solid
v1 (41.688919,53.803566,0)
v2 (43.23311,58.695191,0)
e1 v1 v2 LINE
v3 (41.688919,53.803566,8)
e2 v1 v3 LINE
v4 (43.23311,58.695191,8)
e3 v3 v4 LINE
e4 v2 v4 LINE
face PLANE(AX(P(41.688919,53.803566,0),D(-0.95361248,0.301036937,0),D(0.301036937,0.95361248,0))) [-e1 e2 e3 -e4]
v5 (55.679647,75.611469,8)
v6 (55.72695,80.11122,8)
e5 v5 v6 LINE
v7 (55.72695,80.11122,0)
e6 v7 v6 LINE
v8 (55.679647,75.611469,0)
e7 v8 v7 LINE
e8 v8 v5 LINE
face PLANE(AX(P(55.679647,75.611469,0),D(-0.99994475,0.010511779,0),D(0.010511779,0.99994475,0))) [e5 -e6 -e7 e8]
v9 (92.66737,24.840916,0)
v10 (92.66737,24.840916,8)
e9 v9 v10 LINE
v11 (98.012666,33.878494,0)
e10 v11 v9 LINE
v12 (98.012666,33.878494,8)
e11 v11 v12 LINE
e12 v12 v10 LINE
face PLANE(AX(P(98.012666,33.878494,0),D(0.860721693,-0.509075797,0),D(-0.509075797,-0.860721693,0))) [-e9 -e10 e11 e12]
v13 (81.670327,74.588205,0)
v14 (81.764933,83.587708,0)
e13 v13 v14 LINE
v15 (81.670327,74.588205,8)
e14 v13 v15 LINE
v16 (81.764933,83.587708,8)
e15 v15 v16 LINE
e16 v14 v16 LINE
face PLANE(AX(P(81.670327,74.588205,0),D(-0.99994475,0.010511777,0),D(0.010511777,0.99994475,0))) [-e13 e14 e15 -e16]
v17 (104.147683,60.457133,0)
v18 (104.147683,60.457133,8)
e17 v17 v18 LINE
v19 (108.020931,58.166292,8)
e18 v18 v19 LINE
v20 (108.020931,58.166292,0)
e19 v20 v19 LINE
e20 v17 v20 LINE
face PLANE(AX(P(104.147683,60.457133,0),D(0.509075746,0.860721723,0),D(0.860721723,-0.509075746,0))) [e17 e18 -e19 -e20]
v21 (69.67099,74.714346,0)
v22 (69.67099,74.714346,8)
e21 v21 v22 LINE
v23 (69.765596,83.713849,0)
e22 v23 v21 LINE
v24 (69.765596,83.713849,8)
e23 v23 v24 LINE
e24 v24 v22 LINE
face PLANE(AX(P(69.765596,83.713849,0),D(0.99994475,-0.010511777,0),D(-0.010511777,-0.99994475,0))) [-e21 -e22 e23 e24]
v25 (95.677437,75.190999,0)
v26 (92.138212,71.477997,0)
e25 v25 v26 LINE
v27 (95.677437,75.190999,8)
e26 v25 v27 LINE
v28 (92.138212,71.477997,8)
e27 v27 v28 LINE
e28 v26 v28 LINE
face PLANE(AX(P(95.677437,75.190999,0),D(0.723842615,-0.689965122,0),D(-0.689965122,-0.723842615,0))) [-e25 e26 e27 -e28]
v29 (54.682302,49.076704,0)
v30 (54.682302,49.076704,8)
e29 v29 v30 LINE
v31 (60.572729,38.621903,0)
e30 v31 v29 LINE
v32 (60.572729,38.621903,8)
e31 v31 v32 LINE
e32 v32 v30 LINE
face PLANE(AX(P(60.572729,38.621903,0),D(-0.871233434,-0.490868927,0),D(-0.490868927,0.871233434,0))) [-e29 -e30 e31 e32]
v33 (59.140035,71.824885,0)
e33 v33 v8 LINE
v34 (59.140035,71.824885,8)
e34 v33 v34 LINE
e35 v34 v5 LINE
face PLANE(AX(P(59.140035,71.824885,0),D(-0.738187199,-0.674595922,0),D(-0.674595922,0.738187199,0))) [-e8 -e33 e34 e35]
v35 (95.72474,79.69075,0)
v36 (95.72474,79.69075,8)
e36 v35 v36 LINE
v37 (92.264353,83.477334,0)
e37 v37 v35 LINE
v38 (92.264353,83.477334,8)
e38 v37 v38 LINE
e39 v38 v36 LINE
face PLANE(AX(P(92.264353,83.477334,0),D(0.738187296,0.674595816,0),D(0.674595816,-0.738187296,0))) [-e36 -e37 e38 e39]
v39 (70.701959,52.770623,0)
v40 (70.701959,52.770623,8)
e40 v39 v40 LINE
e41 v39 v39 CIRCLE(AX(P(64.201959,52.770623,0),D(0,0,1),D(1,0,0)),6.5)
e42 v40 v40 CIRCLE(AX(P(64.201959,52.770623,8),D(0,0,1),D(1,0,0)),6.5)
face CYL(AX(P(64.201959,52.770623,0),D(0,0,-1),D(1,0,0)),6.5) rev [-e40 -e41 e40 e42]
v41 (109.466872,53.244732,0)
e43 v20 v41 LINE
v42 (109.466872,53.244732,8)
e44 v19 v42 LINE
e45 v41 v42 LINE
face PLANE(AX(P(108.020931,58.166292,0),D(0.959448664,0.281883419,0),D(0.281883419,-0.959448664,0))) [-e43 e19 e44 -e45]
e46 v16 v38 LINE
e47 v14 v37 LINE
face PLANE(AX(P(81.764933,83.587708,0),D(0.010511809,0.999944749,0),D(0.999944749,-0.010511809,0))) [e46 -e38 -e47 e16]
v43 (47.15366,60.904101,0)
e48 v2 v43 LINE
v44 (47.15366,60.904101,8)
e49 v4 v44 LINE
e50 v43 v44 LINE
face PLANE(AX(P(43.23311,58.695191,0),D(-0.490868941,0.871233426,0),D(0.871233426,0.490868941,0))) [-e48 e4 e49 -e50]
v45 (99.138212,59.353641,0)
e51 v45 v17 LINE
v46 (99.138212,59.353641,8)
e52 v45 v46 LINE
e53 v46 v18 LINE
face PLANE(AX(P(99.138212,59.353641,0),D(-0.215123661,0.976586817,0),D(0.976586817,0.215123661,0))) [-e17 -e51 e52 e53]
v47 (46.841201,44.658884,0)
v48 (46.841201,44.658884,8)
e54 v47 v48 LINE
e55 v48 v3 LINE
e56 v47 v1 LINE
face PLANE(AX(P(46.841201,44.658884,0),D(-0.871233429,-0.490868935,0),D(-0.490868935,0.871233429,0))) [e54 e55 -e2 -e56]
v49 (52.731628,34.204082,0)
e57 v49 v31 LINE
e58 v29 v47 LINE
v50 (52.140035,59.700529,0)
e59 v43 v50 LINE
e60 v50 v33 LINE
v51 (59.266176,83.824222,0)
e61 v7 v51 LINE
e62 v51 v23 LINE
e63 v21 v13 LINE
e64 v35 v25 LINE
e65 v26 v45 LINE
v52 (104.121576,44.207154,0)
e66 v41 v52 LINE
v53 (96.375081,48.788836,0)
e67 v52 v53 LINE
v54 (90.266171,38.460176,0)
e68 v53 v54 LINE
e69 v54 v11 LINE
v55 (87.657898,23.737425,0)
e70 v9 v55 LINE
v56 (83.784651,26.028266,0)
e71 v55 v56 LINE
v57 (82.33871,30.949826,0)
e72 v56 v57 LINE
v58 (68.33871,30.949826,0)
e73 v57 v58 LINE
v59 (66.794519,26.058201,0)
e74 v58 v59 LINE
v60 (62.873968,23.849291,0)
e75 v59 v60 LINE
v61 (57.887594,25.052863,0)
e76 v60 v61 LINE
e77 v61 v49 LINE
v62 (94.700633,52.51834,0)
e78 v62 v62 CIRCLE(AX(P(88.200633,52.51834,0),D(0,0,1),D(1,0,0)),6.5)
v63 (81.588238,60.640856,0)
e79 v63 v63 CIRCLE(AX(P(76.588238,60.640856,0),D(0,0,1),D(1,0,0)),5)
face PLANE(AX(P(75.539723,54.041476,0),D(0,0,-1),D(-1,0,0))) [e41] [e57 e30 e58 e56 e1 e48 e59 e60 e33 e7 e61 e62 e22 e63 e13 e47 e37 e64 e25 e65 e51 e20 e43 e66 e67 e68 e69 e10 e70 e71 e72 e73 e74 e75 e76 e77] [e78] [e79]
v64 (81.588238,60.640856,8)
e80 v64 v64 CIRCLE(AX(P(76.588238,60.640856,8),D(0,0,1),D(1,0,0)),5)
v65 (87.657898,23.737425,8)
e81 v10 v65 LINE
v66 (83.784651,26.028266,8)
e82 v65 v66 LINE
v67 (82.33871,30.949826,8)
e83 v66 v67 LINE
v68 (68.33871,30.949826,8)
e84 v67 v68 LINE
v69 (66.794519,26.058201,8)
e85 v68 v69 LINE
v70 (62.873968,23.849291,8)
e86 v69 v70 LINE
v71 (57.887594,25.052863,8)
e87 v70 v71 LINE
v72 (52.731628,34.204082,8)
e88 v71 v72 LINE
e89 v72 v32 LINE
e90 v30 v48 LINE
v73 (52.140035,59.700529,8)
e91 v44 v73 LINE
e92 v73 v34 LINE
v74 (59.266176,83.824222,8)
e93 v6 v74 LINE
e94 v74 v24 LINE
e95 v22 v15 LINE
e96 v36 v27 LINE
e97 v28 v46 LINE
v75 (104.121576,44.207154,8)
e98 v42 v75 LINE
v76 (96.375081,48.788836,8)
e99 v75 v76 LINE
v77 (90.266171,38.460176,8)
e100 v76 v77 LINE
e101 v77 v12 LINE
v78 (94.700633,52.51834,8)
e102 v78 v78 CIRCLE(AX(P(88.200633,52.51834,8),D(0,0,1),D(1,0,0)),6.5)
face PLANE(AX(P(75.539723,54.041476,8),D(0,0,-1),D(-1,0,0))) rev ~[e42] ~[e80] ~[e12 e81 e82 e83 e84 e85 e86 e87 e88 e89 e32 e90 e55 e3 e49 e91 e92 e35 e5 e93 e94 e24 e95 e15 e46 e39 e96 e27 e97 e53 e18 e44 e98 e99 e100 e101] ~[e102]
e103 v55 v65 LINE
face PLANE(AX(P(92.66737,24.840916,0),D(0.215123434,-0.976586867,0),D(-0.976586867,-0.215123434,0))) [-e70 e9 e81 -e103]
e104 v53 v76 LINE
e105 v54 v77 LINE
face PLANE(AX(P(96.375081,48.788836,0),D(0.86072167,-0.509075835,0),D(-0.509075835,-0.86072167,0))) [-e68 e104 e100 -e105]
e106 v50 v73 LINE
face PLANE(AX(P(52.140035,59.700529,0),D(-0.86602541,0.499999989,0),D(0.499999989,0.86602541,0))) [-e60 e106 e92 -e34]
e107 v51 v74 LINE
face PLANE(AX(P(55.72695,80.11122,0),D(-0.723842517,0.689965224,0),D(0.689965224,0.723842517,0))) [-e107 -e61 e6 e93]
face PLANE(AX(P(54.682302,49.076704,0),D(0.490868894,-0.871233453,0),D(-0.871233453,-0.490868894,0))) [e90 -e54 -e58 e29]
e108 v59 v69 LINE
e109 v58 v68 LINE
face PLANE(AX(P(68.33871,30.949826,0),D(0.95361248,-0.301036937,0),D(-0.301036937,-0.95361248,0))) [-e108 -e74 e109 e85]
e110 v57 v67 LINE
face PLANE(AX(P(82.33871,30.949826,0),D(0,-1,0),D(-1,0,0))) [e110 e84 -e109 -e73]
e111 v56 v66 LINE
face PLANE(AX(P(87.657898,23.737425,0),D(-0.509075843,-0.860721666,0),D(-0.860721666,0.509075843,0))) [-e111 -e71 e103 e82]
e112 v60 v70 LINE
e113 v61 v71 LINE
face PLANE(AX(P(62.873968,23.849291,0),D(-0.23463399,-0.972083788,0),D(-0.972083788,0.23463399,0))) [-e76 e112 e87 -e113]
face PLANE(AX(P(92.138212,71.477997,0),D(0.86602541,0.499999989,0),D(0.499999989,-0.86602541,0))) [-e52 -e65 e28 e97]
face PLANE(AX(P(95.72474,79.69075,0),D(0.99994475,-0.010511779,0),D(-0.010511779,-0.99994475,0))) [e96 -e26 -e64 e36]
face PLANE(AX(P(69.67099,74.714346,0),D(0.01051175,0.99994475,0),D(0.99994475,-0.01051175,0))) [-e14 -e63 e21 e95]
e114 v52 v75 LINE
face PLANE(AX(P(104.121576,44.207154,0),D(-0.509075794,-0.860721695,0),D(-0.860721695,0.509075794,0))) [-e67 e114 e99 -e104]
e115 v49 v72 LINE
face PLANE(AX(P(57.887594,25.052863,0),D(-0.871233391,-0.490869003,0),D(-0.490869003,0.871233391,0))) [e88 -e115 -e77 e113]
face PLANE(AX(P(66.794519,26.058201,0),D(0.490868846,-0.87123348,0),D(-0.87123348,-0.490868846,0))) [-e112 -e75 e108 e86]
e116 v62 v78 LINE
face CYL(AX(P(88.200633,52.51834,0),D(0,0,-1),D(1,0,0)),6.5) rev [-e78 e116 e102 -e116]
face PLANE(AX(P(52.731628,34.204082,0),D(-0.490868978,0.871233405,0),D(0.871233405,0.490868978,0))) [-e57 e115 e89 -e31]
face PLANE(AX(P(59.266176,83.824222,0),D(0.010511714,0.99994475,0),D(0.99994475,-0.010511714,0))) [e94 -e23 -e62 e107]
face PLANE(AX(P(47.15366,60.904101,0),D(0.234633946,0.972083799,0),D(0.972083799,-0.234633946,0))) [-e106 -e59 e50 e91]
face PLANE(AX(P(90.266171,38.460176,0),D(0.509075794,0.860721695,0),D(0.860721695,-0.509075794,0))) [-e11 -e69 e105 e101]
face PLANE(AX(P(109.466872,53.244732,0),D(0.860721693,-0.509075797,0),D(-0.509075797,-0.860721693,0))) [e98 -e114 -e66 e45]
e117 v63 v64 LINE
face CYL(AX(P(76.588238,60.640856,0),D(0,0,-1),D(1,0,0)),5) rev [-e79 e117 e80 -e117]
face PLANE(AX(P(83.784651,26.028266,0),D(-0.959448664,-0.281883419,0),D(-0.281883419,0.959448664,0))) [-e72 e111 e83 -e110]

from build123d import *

# Parameters (mm, degrees)
SKETCH_R      = 5
SKETCH_R_2    = 6.5
EXTRUDE_DEPTH = 8


with BuildPart() as part:
    # Sketch → Extrude (new body)
    with BuildSketch(Plane.XY):
        Polygon((92.138212, 71.477997), (99.138212, 59.353641), (104.147683, 60.457133), (108.020931, 58.166292), (109.466872, 53.244732), (104.121576, 44.207154), (96.375081, 48.788836), (90.266171, 38.460176), (98.012666, 33.878494), (92.66737, 24.840916), (87.657898, 23.737425), (83.784651, 26.028266), (82.33871, 30.949826), (68.33871, 30.949826), (66.794519, 26.058201), (62.873968, 23.849291), (57.887594, 25.052863), (52.731628, 34.204082), (60.572729, 38.621903), (54.682302, 49.076704), (46.841201, 44.658884), (41.688919, 53.803566), (43.23311, 58.695191), (47.15366, 60.904101), (52.140035, 59.700529), (59.140035, 71.824885), (55.679647, 75.611469), (55.72695, 80.11122), (59.266176, 83.824222), (69.765596, 83.713849), (69.67099, 74.714346), (81.670327, 74.588205), (81.764933, 83.587708), (92.264353, 83.477334), (95.72474, 79.69075), (95.677437, 75.190999), align=None)
        with Locations((76.588238, 60.640856)):
            Circle(SKETCH_R, mode=Mode.SUBTRACT)
        with Locations((64.201959, 52.770623)):
            Circle(SKETCH_R_2, mode=Mode.SUBTRACT)
        with Locations((88.200633, 52.51834)):
            Circle(SKETCH_R_2, mode=Mode.SUBTRACT)
    extrude(amount=EXTRUDE_DEPTH)


solid = part.part
